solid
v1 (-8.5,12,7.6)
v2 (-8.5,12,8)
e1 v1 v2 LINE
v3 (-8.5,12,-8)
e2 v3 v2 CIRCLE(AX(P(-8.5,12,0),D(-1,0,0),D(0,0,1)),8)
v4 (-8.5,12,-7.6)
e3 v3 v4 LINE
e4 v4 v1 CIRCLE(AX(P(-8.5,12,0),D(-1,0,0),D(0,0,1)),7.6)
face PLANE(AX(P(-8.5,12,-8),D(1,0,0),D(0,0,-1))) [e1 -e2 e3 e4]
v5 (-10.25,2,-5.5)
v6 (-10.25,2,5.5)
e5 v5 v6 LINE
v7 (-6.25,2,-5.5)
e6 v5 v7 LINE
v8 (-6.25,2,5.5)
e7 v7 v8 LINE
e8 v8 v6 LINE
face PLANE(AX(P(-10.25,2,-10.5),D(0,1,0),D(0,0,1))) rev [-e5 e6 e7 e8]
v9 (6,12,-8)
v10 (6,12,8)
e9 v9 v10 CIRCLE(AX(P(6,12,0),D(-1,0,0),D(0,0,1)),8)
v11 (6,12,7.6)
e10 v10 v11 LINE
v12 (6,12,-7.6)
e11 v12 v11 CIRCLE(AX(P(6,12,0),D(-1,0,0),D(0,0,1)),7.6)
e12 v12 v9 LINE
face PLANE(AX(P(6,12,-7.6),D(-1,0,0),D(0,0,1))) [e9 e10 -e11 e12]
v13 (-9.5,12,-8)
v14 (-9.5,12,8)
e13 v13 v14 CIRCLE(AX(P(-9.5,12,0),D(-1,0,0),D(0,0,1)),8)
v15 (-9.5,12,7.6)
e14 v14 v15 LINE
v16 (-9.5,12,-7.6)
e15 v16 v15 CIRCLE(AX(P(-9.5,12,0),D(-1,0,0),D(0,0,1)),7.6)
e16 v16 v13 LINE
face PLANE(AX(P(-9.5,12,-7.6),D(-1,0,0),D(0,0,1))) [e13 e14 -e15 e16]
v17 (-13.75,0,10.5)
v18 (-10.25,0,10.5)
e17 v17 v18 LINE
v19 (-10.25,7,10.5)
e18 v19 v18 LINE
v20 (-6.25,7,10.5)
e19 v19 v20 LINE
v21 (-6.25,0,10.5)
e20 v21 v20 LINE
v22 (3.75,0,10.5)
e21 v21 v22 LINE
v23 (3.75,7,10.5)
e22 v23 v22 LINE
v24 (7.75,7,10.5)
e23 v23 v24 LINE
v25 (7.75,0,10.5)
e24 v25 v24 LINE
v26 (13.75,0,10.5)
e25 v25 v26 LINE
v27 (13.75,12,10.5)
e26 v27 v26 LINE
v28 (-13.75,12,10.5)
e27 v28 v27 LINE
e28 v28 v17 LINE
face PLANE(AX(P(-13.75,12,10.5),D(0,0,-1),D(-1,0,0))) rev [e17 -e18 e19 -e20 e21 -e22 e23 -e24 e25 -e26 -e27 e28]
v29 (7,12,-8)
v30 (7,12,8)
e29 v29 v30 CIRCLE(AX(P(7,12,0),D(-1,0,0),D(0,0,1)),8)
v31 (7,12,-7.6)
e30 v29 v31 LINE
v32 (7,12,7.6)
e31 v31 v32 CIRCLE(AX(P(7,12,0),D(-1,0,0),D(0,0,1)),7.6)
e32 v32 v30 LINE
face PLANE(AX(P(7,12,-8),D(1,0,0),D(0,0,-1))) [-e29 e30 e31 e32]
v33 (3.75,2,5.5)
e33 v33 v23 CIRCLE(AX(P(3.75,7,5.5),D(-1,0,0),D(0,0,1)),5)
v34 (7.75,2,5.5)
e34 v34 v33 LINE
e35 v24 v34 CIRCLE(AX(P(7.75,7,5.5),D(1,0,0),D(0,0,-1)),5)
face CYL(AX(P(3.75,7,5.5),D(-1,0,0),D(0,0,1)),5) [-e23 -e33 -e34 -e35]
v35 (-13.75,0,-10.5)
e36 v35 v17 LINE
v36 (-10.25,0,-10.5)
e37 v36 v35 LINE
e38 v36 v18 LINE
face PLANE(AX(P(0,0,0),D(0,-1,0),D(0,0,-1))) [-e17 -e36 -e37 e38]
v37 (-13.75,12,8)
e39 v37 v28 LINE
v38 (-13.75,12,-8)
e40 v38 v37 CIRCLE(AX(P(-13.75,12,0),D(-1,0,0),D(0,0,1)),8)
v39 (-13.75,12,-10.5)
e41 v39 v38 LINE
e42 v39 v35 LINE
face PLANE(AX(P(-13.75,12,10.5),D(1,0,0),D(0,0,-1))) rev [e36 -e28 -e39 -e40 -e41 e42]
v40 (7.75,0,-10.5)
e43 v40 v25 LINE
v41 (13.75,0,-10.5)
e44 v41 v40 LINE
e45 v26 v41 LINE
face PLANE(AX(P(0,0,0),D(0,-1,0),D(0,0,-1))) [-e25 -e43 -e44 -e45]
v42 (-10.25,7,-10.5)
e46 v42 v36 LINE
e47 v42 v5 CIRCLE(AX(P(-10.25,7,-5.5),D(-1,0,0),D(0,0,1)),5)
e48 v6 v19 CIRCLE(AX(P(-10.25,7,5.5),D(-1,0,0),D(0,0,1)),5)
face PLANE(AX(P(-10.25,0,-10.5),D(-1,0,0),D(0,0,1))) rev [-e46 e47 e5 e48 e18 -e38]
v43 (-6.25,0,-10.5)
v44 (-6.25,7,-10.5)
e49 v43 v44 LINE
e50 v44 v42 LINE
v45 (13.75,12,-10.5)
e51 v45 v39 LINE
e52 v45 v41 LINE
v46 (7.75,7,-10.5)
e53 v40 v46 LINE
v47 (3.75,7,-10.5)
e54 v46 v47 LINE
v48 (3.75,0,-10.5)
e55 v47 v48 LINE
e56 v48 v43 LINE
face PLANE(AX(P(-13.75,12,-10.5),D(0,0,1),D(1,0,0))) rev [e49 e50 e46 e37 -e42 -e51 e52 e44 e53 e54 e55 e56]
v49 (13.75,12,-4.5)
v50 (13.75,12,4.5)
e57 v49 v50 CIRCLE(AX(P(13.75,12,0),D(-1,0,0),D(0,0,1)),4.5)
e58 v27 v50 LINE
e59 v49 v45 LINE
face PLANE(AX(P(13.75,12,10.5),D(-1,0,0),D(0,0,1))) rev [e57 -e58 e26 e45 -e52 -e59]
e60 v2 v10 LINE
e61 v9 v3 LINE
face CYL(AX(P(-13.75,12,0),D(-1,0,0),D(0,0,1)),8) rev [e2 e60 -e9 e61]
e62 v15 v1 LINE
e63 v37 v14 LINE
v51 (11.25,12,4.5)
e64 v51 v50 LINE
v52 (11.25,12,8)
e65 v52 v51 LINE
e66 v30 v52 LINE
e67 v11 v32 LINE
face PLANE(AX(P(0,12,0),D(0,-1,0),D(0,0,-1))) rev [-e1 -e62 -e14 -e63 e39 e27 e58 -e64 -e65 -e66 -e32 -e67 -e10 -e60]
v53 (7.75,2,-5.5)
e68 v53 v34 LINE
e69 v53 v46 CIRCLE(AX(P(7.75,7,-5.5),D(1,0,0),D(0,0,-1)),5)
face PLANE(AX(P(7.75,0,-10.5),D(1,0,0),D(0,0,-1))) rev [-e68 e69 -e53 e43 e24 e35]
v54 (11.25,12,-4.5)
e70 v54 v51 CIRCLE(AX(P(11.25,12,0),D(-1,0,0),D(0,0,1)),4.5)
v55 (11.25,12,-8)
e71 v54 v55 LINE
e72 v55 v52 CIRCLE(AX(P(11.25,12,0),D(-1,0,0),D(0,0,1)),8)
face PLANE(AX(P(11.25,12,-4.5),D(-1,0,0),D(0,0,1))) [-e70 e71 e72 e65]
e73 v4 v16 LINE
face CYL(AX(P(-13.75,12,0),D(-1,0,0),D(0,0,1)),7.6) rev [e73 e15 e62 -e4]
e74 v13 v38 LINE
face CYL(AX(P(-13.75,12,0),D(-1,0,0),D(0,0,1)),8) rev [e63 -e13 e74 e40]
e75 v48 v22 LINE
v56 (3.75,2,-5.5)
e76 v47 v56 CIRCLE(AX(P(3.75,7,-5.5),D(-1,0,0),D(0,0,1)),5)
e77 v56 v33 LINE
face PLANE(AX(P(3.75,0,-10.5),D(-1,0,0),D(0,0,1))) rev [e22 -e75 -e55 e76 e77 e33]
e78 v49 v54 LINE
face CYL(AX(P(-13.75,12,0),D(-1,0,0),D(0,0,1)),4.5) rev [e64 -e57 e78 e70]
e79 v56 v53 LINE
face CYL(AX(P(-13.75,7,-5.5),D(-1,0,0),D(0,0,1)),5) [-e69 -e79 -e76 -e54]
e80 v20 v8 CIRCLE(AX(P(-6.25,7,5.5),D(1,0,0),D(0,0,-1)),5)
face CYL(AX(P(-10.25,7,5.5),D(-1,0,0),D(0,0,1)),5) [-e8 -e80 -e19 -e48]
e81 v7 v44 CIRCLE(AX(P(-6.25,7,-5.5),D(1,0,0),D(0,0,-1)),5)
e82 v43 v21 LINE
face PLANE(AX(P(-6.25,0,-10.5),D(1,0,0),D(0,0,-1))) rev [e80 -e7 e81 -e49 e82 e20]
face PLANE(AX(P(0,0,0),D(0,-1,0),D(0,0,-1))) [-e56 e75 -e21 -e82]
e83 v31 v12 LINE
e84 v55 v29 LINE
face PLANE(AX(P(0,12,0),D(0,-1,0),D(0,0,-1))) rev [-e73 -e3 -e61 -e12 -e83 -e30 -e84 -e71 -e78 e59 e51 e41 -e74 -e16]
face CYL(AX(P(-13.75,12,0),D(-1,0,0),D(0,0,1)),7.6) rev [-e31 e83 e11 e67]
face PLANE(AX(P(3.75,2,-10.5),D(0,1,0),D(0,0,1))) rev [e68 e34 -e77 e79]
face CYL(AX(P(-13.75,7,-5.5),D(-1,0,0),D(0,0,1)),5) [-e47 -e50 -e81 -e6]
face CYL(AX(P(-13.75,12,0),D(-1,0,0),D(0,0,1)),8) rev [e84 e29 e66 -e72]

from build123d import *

# Parameters (mm, degrees)
SKETCH1_W           = 27.5
SKETCH1_H           = 21
BOSS_EXTRUDE1_DEPTH = 12
SKETCH4_W           = 4
SKETCH4_H           = 2
CUT_EXTRUDE1_DEPTH  = 28.821978722
FILLET1_R           = 5


with BuildPart() as part:
    # Sketch1 → Boss-Extrude1 (new body)
    with BuildSketch(Plane(origin=(0, 0, 0), x_dir=(1, 0, 0), z_dir=(0, 1, 0))):
        Rectangle(SKETCH1_W, SKETCH1_H)
    extrude(amount=BOSS_EXTRUDE1_DEPTH)

    # Sketch2 → Cut-Revolve1 (revolve, cut)
    with BuildSketch(Plane(origin=(0, 12, 0), x_dir=(1, 0, 0), z_dir=(0, 1, 0))):
        Polygon((-13.75, 0), (13.75, 0), (13.75, 4.5), (11.25, 4.5), (11.25, 8), (7, 8), (7, 7.6), (6, 7.6), (6, 8), (-8.5, 8), (-8.5, 7.6), (-9.5, 7.6), (-9.5, 8), (-13.75, 8), align=None)
    revolve(axis=Axis((-13.75, 12, 0), (1, 0, 0)), mode=Mode.SUBTRACT)

    # Sketch4 → Cut-Extrude1 (cut, through all)
    with BuildSketch(Plane.XY.offset(10.5)):
        with Locations((-8.25, 1)):
            Rectangle(SKETCH4_W, SKETCH4_H)
        with Locations((5.75, 1)):
            Rectangle(SKETCH4_W, SKETCH4_H)
    extrude(amount=-CUT_EXTRUDE1_DEPTH, mode=Mode.SUBTRACT)

    # Fillet1
    fillet1_edges = [part.edges().sort_by_distance(p)[0] for p in [
        (-8.25, 2, -10.5),
        (-8.25, 2, 10.5),
        (5.75, 2, -10.5),
        (5.75, 2, 10.5),
    ]]
    fillet(fillet1_edges, radius=FILLET1_R)


solid = part.part
